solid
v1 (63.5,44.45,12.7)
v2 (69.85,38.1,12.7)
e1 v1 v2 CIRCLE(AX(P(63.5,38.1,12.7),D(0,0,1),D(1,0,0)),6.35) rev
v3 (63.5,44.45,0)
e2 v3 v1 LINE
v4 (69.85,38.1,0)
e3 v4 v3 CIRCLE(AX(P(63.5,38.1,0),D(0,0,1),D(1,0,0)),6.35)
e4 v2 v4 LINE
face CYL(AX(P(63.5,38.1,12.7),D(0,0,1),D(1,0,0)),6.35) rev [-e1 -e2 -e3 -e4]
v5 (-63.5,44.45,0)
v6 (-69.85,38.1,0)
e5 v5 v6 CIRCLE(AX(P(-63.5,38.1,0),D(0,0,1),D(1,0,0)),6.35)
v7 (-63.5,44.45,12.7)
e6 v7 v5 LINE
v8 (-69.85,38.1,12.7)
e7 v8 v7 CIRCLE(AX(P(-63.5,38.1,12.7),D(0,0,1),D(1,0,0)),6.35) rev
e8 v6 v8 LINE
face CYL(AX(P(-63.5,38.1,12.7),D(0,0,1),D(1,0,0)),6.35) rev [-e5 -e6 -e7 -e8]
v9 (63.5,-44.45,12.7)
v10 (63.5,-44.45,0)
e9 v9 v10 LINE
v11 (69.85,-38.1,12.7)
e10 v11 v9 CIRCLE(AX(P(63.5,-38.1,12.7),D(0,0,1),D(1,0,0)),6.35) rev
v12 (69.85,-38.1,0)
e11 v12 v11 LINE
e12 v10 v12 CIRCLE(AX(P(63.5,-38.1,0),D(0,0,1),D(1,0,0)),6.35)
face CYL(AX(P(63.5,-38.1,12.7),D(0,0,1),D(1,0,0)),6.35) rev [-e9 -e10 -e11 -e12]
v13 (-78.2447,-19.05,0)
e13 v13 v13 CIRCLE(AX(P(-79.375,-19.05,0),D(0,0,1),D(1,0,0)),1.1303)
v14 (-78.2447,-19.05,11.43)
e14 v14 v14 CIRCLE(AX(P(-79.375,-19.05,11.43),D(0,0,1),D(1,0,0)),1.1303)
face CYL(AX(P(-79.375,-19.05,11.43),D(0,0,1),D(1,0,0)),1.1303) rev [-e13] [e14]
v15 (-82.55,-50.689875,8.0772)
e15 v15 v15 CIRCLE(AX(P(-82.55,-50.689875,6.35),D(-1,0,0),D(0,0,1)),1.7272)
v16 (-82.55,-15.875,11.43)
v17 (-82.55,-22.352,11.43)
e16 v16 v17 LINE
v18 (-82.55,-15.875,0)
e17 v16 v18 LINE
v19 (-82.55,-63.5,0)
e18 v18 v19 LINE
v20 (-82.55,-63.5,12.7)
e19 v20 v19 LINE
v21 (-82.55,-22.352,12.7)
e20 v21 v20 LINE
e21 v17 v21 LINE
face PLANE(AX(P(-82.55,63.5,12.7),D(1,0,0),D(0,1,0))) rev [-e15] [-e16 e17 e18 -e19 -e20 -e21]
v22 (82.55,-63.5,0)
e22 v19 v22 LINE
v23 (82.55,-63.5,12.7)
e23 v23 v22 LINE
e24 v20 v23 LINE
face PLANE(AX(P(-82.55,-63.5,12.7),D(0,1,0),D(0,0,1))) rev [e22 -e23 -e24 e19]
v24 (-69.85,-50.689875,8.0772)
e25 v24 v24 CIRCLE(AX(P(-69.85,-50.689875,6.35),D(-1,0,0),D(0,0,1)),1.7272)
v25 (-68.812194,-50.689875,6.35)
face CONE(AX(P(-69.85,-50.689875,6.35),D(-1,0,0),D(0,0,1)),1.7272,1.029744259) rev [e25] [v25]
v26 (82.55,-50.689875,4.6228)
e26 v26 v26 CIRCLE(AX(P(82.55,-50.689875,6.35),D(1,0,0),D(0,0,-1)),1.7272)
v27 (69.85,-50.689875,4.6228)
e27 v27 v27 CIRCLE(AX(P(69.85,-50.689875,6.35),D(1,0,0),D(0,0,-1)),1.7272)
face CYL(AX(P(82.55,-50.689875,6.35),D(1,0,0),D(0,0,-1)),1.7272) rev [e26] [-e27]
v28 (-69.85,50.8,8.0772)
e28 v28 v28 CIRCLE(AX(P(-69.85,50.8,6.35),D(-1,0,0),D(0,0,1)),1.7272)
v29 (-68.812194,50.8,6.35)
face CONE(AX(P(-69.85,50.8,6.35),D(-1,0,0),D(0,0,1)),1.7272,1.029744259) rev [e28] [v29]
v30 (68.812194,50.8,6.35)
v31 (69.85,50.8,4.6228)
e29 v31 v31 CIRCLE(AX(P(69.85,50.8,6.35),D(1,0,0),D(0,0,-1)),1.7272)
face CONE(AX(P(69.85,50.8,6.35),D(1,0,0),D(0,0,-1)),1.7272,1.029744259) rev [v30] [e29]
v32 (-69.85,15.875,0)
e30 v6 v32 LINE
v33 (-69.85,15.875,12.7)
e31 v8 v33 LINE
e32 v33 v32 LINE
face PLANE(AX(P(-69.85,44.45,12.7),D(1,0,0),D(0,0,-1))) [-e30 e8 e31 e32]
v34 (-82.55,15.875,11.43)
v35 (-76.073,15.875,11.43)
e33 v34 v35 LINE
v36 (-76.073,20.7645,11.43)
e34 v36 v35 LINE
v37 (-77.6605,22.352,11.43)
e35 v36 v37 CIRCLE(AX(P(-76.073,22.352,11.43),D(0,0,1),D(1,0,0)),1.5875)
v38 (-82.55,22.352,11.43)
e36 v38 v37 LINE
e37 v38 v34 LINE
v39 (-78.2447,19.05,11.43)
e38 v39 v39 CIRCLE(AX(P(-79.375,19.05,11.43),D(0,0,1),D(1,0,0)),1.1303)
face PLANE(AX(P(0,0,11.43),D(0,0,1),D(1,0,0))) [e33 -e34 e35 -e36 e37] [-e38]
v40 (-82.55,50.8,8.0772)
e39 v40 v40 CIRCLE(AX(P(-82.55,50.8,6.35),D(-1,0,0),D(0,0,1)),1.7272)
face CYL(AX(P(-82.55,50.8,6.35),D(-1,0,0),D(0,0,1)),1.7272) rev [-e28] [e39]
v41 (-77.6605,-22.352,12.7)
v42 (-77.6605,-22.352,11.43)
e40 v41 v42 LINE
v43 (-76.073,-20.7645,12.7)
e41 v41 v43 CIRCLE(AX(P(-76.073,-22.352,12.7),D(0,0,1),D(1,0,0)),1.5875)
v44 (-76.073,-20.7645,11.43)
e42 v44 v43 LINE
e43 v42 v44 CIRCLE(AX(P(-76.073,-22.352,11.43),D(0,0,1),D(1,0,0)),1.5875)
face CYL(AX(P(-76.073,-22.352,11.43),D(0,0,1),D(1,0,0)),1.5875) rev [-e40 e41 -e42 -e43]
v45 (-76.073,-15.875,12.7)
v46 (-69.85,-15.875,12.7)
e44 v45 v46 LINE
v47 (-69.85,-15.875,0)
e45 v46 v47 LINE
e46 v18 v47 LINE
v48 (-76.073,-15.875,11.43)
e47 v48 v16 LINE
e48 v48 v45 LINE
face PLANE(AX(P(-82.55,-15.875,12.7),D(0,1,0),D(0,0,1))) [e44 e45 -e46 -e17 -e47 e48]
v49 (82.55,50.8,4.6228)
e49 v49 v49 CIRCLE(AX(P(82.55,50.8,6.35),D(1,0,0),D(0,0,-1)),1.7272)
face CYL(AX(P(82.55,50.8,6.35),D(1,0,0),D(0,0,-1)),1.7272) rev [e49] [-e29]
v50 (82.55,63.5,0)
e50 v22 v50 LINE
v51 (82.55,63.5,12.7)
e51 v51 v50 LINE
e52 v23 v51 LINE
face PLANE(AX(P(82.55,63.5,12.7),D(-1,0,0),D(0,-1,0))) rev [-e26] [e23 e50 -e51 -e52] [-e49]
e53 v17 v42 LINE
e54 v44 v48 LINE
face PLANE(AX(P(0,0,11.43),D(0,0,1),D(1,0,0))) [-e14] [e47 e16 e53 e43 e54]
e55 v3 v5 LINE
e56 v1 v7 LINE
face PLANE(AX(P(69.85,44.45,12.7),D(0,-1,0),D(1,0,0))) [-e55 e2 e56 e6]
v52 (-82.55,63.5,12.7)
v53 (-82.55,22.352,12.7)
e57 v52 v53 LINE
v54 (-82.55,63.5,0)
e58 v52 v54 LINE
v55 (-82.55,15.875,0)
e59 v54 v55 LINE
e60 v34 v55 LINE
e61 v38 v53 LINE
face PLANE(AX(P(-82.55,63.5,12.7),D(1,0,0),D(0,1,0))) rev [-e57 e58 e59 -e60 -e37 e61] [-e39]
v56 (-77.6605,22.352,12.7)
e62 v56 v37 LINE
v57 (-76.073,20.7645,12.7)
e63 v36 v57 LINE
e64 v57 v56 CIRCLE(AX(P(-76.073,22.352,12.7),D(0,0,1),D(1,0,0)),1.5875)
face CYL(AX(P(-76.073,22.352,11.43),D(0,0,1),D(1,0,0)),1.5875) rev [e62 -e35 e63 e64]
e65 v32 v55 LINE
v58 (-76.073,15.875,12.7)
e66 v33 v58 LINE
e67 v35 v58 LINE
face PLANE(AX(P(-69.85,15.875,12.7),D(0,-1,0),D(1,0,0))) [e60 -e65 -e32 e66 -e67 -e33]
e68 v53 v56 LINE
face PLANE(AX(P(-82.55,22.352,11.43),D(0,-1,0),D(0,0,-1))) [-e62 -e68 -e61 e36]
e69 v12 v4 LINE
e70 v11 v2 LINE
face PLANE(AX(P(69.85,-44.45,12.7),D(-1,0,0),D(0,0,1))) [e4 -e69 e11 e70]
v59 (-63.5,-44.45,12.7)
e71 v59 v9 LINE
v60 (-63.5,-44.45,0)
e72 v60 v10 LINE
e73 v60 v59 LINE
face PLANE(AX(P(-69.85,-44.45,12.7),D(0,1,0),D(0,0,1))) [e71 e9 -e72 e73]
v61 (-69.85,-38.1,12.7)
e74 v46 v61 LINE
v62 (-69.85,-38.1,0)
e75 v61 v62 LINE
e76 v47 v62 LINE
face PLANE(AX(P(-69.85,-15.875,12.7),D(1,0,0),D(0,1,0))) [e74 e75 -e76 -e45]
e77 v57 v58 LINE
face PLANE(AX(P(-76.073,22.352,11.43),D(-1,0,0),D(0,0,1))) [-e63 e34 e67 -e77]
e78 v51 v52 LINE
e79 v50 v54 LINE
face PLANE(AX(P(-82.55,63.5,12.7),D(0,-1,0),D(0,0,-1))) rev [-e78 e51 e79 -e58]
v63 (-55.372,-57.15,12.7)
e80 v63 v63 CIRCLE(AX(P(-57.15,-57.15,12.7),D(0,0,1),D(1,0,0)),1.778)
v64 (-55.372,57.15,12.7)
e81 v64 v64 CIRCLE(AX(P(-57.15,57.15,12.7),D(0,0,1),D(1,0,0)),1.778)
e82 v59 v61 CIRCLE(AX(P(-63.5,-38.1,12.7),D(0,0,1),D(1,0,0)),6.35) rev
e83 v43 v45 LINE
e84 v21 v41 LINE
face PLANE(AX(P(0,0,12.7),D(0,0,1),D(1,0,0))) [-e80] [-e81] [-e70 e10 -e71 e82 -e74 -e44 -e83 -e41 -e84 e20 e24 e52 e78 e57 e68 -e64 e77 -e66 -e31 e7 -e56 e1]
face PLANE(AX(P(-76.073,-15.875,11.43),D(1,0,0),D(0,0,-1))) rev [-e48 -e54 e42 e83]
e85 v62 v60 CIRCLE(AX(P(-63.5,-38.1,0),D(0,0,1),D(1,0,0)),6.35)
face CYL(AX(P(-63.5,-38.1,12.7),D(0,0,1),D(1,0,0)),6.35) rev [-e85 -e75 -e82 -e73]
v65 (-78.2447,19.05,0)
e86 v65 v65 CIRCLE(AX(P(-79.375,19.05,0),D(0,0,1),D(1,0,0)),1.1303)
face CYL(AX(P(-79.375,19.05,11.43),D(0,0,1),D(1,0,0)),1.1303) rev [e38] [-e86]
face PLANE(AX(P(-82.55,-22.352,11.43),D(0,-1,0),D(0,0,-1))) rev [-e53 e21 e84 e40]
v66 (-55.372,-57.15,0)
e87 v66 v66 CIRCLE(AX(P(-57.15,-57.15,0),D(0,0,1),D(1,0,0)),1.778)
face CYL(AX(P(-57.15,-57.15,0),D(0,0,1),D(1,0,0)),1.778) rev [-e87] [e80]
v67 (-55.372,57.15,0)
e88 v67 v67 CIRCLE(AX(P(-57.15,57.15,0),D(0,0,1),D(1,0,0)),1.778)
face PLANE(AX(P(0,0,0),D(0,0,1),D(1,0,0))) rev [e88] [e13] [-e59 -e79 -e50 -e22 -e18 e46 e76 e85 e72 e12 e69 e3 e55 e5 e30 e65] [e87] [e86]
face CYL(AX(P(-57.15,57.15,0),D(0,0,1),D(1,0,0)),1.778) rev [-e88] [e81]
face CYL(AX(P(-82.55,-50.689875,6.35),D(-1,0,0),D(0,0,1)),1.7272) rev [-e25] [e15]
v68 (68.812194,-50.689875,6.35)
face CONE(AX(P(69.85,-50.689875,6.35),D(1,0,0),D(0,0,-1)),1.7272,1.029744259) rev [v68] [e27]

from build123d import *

# Parameters (mm, degrees)
SKETCH1_W                 = 165.1
SKETCH1_H                 = 127
BOSS_EXTRUDE1_DEPTH       = 12.7
CUT_EXTRUDE1_DEPTH        = 105.919218926
SKETCH3_W                 = 6.477
SKETCH3_H                 = 6.477
CUT_EXTRUDE2_DEPTH        = 1.27
SKETCH4_W                 = 6.477
SKETCH4_H                 = 6.477
CUT_EXTRUDE3_DEPTH        = 1.27
F_8_32_TAPPED_HOLE1_D     = 3.4544
F_8_32_TAPPED_HOLE1_DEPTH = 12.7
F_8_32_TAPPED_HOLE1_TIP   = 1.037806461
F_8_32_TAPPED_HOLE2_D     = 3.4544
F_8_32_TAPPED_HOLE2_DEPTH = 12.7
F_8_32_TAPPED_HOLE2_TIP   = 1.037806461
F_8_32_TAPPED_HOLE3_D     = 3.4544
F_8_32_TAPPED_HOLE3_DEPTH = 12.7
F_8_32_TAPPED_HOLE3_TIP   = 1.037806461
F_8_32_TAPPED_HOLE4_D     = 3.4544
F_8_32_TAPPED_HOLE4_DEPTH = 12.7
F_8_32_TAPPED_HOLE4_TIP   = 1.037806461
F_4_40_TAPPED_HOLE1_D     = 2.2606
F_4_40_TAPPED_HOLE2_D     = 2.2606
SKETCH20_R                = 1.778
CUT_EXTRUDE4_DEPTH        = 105.919218926
SKETCH21_R                = 1.778
CUT_EXTRUDE5_DEPTH        = 105.919218926
FILLET4_R                 = 6.35
FILLET5_R                 = 6.35
SKETCH24_R                = 1.5875
CUT_EXTRUDE6_DEPTH        = 1.27


with BuildPart() as part:
    # Sketch1 → Boss-Extrude1 (new body)
    with BuildSketch(Plane.XY):
        Rectangle(SKETCH1_W, SKETCH1_H)
    extrude(amount=BOSS_EXTRUDE1_DEPTH)

    # Sketch2 → Cut-Extrude1 (cut, through all)
    with BuildSketch(Plane.XY):
        Polygon((-82.55, -15.875), (-69.85, -15.875), (-69.85, -44.45), (69.85, -44.45), (69.85, 44.45), (-69.85, 44.45), (-69.85, 15.875), (-82.55, 15.875), align=None)
    extrude(amount=CUT_EXTRUDE1_DEPTH, mode=Mode.SUBTRACT)

    # Sketch3 → Cut-Extrude2 (cut)
    with BuildSketch(Plane.XY.offset(12.7)):
        with Locations((-79.3115, 19.1135)):
            Rectangle(SKETCH3_W, SKETCH3_H)
    extrude(amount=-CUT_EXTRUDE2_DEPTH, mode=Mode.SUBTRACT)

    # Sketch4 → Cut-Extrude3 (cut)
    with BuildSketch(Plane.XY.offset(12.7)):
        with Locations((-79.3115, -19.1135)):
            Rectangle(SKETCH4_W, SKETCH4_H)
    extrude(amount=-CUT_EXTRUDE3_DEPTH, mode=Mode.SUBTRACT)

    # #8-32 Tapped Hole1
    with Locations(Plane.ZY.offset(82.55)):
        with Locations((6.35, 50.8)):
            Hole(F_8_32_TAPPED_HOLE1_D / 2, depth=F_8_32_TAPPED_HOLE1_DEPTH)
            with Locations((0, 0, -(F_8_32_TAPPED_HOLE1_DEPTH + F_8_32_TAPPED_HOLE1_TIP / 2))):  # 118° drill point
                Cone(0, F_8_32_TAPPED_HOLE1_D / 2, F_8_32_TAPPED_HOLE1_TIP, mode=Mode.SUBTRACT)

    # #8-32 Tapped Hole2
    with Locations(Plane.ZY.offset(82.55)):
        with Locations((6.35, -50.689875403)):
            Hole(F_8_32_TAPPED_HOLE2_D / 2, depth=F_8_32_TAPPED_HOLE2_DEPTH)
            with Locations((0, 0, -(F_8_32_TAPPED_HOLE2_DEPTH + F_8_32_TAPPED_HOLE2_TIP / 2))):  # 118° drill point
                Cone(0, F_8_32_TAPPED_HOLE2_D / 2, F_8_32_TAPPED_HOLE2_TIP, mode=Mode.SUBTRACT)

    # #8-32 Tapped Hole3
    with Locations(Plane(origin=(82.55, 0, 0), x_dir=(0, 0, -1), z_dir=(1, 0, 0))):
        with Locations((-6.35, 50.8)):
            Hole(F_8_32_TAPPED_HOLE3_D / 2, depth=F_8_32_TAPPED_HOLE3_DEPTH)
            with Locations((0, 0, -(F_8_32_TAPPED_HOLE3_DEPTH + F_8_32_TAPPED_HOLE3_TIP / 2))):  # 118° drill point
                Cone(0, F_8_32_TAPPED_HOLE3_D / 2, F_8_32_TAPPED_HOLE3_TIP, mode=Mode.SUBTRACT)

    # #8-32 Tapped Hole4
    with Locations(Plane(origin=(82.55, 0, 0), x_dir=(0, 0, -1), z_dir=(1, 0, 0))):
        with Locations((-6.35, -50.689875403)):
            Hole(F_8_32_TAPPED_HOLE4_D / 2, depth=F_8_32_TAPPED_HOLE4_DEPTH)
            with Locations((0, 0, -(F_8_32_TAPPED_HOLE4_DEPTH + F_8_32_TAPPED_HOLE4_TIP / 2))):  # 118° drill point
                Cone(0, F_8_32_TAPPED_HOLE4_D / 2, F_8_32_TAPPED_HOLE4_TIP, mode=Mode.SUBTRACT)

    # #4-40 Tapped Hole1 (through all)
    with Locations(Plane.XY.offset(11.43)):
        with Locations((-79.375, 19.05)):
            Hole(F_4_40_TAPPED_HOLE1_D / 2)

    # #4-40 Tapped Hole2 (through all)
    with Locations(Plane.XY.offset(11.43)):
        with Locations((-79.375, -19.05)):
            Hole(F_4_40_TAPPED_HOLE2_D / 2)

    # Sketch20 → Cut-Extrude4 (cut, through all)
    with BuildSketch(Plane.XY.offset(12.7)):
        with Locations((-57.15, -57.15)):
            Circle(SKETCH20_R)
    extrude(amount=-CUT_EXTRUDE4_DEPTH, mode=Mode.SUBTRACT)

    # Sketch21 → Cut-Extrude5 (cut, through all)
    with BuildSketch(Plane.XY.offset(12.7)):
        with Locations((-57.15, 57.15)):
            Circle(SKETCH21_R)
    extrude(amount=-CUT_EXTRUDE5_DEPTH, mode=Mode.SUBTRACT)

    # Fillet4
    fillet4_edges = [part.edges().sort_by_distance(p)[0] for p in [
        (-69.85, -44.45, 6.35),
    ]]
    fillet(fillet4_edges, radius=FILLET4_R)

    # Fillet5
    fillet5_edges = [part.edges().sort_by_distance(p)[0] for p in [
        (69.85, -44.45, 6.35),
        (69.85, 44.45, 6.35),
        (-69.85, 44.45, 6.35),
    ]]
    fillet(fillet5_edges, radius=FILLET5_R)

    # Sketch24 → Cut-Extrude6 (cut)
    with BuildSketch(Plane.XY.offset(12.7)):
        with Locations((-76.073, -22.352)):
            Circle(SKETCH24_R)
        with Locations((-76.073, 22.352)):
            Circle(SKETCH24_R)
    extrude(amount=-CUT_EXTRUDE6_DEPTH, mode=Mode.SUBTRACT)


solid = part.part
